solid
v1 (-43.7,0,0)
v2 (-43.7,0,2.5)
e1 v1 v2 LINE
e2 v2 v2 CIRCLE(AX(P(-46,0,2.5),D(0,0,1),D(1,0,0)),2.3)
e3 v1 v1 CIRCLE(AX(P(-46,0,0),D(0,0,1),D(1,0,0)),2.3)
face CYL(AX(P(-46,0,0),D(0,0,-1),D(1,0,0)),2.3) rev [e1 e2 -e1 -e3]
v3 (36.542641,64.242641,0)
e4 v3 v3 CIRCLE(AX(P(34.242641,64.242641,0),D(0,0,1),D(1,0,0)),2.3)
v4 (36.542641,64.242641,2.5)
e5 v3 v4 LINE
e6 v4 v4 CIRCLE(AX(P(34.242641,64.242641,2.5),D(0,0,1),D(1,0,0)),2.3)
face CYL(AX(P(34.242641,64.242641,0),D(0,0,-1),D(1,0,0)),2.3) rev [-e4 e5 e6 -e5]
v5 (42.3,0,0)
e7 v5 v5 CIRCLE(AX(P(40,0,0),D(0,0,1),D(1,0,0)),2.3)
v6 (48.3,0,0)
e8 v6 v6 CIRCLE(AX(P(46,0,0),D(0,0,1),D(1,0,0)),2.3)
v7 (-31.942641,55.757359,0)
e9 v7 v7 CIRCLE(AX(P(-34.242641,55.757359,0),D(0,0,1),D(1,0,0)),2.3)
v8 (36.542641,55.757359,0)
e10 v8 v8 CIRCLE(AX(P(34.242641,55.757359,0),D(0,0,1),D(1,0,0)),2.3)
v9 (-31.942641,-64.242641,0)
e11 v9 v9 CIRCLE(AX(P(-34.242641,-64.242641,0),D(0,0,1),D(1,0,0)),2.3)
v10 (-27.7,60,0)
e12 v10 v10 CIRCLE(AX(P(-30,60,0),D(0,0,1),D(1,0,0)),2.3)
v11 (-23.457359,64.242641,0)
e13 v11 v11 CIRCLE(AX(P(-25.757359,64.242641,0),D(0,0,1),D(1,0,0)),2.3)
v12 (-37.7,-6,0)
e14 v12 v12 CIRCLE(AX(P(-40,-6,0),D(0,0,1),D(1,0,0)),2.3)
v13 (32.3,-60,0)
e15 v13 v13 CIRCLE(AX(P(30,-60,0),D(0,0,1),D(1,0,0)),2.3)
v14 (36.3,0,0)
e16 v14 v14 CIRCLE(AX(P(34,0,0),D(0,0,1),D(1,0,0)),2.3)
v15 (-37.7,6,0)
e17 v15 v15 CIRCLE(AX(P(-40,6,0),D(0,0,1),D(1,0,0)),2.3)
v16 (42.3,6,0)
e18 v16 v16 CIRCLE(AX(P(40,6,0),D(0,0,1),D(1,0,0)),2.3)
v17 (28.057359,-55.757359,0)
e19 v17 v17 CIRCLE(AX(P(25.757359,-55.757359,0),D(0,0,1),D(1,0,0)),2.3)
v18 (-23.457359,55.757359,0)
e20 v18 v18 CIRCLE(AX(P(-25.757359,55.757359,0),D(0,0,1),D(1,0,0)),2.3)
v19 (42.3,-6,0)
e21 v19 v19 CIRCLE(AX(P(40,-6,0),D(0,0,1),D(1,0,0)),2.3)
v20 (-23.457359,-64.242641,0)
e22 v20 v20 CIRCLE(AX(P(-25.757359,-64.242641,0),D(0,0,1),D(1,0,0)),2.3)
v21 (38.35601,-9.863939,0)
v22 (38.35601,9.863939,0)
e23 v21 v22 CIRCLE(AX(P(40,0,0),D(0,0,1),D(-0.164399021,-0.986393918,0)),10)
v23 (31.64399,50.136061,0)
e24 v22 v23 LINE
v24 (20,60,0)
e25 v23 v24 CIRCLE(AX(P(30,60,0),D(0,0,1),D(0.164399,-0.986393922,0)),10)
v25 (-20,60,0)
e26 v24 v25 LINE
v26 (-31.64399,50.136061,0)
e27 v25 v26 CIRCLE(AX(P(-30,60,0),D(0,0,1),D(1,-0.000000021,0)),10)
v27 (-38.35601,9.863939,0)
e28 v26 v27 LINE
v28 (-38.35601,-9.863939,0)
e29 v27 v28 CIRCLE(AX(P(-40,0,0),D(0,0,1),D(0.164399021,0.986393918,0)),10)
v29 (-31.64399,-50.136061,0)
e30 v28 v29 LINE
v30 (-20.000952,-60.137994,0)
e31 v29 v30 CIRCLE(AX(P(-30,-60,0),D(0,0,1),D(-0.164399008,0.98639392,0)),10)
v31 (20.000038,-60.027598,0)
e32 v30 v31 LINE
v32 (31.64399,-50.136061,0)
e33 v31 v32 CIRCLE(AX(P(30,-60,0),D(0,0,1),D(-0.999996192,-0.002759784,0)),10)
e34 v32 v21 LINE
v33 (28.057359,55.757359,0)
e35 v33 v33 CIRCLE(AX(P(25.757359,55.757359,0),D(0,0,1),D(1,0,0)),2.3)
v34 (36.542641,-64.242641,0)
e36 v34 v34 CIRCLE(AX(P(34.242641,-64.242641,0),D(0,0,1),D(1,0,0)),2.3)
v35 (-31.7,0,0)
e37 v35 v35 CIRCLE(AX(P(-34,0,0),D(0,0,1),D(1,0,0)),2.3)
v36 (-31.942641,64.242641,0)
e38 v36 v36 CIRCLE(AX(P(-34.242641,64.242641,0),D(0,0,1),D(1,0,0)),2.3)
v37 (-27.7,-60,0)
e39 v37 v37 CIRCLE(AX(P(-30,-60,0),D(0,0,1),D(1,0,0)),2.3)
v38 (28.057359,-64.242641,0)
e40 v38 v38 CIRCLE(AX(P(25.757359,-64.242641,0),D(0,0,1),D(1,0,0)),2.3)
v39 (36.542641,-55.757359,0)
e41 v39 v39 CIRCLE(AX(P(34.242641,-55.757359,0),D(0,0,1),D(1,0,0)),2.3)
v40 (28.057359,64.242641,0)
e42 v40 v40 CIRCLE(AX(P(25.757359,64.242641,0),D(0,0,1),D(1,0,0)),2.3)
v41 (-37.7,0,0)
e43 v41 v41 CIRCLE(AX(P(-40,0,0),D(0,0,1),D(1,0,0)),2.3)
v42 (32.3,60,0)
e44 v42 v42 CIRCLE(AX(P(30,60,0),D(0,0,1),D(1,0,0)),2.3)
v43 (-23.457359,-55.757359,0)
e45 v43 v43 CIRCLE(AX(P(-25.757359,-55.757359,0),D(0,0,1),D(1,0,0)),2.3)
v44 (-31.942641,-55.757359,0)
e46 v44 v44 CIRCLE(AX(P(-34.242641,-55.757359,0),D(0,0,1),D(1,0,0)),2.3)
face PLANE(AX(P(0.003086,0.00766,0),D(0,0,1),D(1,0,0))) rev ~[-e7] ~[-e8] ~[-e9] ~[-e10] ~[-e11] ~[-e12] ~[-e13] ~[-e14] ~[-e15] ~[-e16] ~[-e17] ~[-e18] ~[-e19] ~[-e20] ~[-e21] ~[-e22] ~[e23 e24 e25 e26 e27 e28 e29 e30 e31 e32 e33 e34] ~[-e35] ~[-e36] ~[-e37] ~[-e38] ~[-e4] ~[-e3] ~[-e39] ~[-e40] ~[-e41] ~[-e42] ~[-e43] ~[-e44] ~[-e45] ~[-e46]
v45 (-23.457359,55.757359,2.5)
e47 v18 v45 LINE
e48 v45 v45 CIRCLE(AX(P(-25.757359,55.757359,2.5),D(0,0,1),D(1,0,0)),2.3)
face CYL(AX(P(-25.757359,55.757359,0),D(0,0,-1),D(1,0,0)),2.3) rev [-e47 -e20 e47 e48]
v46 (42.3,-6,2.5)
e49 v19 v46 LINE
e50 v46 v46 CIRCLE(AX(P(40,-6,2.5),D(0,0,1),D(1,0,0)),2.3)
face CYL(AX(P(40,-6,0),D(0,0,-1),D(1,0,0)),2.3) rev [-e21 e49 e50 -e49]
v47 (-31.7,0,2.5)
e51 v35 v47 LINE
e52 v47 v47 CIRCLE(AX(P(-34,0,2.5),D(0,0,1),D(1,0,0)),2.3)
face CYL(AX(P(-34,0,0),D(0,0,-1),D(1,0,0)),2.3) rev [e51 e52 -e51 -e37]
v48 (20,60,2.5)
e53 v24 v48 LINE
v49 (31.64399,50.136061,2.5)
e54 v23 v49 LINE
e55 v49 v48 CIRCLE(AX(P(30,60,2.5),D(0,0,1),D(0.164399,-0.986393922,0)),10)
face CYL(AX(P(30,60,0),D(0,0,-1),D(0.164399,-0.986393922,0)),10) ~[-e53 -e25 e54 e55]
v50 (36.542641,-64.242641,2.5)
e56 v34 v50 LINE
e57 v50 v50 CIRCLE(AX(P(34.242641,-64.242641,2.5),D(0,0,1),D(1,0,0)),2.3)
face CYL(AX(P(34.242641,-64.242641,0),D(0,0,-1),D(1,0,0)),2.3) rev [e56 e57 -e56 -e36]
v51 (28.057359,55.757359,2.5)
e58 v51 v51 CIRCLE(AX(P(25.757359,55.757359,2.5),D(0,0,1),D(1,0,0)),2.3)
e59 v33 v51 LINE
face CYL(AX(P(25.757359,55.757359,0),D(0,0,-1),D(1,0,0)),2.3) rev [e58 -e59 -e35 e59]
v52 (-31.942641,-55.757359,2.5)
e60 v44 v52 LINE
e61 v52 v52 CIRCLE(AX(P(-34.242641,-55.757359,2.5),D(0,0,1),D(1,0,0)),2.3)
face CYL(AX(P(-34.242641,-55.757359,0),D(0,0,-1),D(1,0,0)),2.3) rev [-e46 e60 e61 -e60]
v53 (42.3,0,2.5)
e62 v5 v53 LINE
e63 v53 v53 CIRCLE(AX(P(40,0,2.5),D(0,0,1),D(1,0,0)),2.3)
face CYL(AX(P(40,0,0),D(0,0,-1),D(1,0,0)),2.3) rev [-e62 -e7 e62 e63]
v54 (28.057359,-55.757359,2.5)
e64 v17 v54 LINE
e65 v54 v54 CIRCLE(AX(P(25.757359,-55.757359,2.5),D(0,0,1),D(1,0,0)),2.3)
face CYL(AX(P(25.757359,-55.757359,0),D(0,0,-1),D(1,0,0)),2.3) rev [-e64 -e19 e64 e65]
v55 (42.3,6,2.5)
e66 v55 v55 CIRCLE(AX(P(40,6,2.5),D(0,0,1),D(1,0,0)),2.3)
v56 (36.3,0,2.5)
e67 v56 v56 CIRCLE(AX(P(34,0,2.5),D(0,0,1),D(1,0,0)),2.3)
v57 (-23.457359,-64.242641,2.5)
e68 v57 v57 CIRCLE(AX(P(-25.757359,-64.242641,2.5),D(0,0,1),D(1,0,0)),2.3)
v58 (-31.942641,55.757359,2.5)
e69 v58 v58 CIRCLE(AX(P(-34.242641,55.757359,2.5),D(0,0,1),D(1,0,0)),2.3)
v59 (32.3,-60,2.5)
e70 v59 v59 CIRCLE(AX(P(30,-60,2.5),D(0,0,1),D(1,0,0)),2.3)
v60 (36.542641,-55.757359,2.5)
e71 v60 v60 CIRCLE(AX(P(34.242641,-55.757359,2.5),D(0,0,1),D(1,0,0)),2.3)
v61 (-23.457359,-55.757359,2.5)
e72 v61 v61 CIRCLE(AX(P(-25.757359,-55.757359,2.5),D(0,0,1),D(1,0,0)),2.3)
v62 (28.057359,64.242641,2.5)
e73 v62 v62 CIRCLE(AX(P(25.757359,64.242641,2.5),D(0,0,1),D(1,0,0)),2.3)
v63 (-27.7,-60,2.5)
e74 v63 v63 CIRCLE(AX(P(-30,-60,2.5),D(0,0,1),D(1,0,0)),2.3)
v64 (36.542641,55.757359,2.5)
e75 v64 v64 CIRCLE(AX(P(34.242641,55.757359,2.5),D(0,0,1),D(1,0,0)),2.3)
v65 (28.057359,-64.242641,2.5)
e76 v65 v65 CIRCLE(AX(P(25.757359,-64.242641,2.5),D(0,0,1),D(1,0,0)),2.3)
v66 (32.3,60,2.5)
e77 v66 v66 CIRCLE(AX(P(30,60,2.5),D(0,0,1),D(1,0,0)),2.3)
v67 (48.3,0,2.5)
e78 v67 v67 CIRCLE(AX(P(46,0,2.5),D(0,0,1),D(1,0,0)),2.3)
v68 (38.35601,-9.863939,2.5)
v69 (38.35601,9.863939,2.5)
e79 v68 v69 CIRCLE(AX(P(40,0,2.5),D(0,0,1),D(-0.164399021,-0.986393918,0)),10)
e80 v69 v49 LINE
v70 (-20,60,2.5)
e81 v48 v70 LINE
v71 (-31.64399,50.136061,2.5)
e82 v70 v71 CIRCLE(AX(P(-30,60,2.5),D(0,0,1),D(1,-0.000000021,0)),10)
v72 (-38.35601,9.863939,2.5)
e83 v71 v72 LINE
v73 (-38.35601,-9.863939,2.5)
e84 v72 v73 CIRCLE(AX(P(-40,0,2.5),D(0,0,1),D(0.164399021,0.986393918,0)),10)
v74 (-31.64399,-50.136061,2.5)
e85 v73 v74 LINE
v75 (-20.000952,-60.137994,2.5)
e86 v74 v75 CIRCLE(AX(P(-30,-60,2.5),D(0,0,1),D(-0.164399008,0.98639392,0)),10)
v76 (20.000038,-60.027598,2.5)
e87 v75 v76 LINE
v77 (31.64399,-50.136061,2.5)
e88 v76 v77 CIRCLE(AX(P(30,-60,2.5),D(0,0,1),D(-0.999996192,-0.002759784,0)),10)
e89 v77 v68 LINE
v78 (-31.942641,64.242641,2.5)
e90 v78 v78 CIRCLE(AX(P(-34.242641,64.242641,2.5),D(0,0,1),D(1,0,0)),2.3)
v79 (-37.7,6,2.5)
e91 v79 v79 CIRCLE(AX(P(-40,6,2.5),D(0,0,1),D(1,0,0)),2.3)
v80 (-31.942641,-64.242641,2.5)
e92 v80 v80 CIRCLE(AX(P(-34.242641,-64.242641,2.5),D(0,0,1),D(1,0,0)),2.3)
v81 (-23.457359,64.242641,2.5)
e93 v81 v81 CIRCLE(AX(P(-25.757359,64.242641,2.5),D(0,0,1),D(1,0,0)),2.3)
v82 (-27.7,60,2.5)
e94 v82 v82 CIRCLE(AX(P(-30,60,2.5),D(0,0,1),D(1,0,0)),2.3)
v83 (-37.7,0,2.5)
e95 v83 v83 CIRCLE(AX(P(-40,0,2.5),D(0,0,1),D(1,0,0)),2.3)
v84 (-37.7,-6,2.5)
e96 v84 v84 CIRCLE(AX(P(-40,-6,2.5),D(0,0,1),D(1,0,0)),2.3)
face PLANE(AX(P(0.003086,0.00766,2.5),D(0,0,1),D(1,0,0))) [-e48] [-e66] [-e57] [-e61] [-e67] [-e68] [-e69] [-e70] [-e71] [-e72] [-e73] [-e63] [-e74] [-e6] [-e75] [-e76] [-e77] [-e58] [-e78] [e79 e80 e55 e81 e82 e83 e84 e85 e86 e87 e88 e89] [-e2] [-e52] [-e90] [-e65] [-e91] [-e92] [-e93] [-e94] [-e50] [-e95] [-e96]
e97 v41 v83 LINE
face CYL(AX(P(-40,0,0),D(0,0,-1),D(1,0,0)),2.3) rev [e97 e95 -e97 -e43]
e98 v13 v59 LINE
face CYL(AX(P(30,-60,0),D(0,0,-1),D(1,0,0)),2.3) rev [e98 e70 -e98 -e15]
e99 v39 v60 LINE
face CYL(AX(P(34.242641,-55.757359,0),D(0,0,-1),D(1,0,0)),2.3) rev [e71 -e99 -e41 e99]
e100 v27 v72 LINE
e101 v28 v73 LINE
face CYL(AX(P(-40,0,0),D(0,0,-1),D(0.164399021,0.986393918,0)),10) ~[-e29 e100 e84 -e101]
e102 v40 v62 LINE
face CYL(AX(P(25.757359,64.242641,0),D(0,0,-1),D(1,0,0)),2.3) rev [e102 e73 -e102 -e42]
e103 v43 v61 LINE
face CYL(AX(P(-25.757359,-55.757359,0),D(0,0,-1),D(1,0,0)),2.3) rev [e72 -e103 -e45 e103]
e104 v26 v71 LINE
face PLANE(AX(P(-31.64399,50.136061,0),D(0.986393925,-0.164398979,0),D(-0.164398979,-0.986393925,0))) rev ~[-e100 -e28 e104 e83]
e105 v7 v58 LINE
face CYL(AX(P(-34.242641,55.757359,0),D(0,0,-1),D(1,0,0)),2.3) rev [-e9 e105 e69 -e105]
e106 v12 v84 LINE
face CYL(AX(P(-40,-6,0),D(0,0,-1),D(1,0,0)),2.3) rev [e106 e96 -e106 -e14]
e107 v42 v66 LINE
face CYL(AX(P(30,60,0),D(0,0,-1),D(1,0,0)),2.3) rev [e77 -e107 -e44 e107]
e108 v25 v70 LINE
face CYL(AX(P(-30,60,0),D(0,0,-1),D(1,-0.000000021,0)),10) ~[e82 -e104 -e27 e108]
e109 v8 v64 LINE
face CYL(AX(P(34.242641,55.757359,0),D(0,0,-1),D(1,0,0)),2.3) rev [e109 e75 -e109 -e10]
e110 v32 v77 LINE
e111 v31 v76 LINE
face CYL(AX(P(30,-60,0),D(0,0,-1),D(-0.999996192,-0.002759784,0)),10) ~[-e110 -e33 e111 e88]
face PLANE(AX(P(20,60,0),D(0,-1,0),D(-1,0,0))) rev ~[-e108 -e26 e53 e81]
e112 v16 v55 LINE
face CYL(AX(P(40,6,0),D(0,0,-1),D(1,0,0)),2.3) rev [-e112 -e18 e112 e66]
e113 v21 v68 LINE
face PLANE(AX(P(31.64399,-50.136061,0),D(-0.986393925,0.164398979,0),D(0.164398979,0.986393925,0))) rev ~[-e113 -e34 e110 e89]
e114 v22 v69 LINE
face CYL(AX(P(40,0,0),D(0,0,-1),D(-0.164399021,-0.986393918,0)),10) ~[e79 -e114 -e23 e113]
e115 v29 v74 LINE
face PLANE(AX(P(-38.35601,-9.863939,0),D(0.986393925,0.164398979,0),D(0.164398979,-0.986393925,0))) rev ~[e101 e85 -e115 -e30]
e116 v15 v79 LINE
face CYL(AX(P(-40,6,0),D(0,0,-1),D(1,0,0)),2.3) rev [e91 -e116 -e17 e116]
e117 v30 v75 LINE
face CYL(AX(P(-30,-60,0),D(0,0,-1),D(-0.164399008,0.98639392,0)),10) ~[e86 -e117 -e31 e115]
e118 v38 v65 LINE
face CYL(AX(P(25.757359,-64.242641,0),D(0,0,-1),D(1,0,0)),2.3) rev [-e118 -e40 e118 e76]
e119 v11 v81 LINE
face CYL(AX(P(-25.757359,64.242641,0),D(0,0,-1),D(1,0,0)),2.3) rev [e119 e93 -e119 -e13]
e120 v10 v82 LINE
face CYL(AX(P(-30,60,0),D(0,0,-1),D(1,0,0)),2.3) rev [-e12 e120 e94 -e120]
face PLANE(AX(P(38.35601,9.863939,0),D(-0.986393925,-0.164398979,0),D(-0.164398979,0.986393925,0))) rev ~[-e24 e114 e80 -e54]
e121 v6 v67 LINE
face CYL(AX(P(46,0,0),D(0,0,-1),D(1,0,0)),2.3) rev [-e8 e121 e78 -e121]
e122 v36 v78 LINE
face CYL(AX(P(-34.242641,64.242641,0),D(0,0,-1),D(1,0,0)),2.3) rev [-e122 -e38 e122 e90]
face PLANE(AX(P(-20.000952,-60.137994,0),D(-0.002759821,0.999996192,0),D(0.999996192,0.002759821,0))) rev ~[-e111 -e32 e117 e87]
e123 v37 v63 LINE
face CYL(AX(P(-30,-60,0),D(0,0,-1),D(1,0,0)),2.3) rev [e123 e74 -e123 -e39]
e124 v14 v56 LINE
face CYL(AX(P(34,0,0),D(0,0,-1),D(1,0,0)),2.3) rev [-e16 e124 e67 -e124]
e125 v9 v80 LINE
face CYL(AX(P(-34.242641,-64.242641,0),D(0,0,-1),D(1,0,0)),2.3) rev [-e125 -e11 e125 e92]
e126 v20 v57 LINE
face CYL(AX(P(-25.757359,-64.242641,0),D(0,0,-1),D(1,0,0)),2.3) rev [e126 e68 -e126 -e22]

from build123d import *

# Parameters (mm, degrees)
F0_R     = 2.3
F1_DEPTH = 2.5


with BuildPart() as f1:
    # F0 (on Top) → F1 (new body)
    with BuildSketch(Plane.XY):
        with BuildLine():
            Line((-31.64399, 50.136061), (-38.35601, 9.863939))
            ThreePointArc((-38.35601, 9.863939), (-50, 0), (-38.35601, -9.863939))
            Line((-38.35601, -9.863939), (-31.64399, -50.136061))
            ThreePointArc((-31.64399, -50.136061), (-36.516243, -67.585419), (-20.000952, -60.137994))
            Line((-20.000952, -60.137994), (20.000038, -60.027598))
            ThreePointArc((20.000038, -60.027598), (36.474272, -67.621273), (31.64399, -50.136061))
            Line((31.64399, -50.136061), (38.35601, -9.863939))
            ThreePointArc((38.35601, -9.863939), (50, 0), (38.35601, 9.863939))
            Line((38.35601, 9.863939), (31.64399, 50.136061))
            ThreePointArc((31.64399, 50.136061), (36.463749, 67.6302), (20, 60))
            Line((20, 60), (-20, 60))
            ThreePointArc((-20, 60), (-36.463749, 67.6302), (-31.64399, 50.136061))
        make_face()
        with Locations((-34.242641, -64.242641)):
            Circle(F0_R, mode=Mode.SUBTRACT)
        with Locations((-25.757359, -64.242641)):
            Circle(F0_R, mode=Mode.SUBTRACT)
        with Locations((-34.242641, -55.757359)):
            Circle(F0_R, mode=Mode.SUBTRACT)
        with Locations((-30, -60)):
            Circle(F0_R, mode=Mode.SUBTRACT)
        with Locations((-25.757359, -55.757359)):
            Circle(F0_R, mode=Mode.SUBTRACT)
        with Locations((-40, -6)):
            Circle(F0_R, mode=Mode.SUBTRACT)
        with Locations((25.757359, -64.242641)):
            Circle(F0_R, mode=Mode.SUBTRACT)
        with Locations((34.242641, -64.242641)):
            Circle(F0_R, mode=Mode.SUBTRACT)
        with Locations((30, -60)):
            Circle(F0_R, mode=Mode.SUBTRACT)
        with Locations((25.757359, -55.757359)):
            Circle(F0_R, mode=Mode.SUBTRACT)
        with Locations((34.242641, -55.757359)):
            Circle(F0_R, mode=Mode.SUBTRACT)
        with Locations((40, -6)):
            Circle(F0_R, mode=Mode.SUBTRACT)
        with Locations((-46, 0)):
            Circle(F0_R, mode=Mode.SUBTRACT)
        with Locations((-40, 0)):
            Circle(F0_R, mode=Mode.SUBTRACT)
        with Locations((-40, 6)):
            Circle(F0_R, mode=Mode.SUBTRACT)
        with Locations((-34, 0)):
            Circle(F0_R, mode=Mode.SUBTRACT)
        with Locations((-34.242641, 55.757359)):
            Circle(F0_R, mode=Mode.SUBTRACT)
        with Locations((-25.757359, 55.757359)):
            Circle(F0_R, mode=Mode.SUBTRACT)
        with Locations((-30, 60)):
            Circle(F0_R, mode=Mode.SUBTRACT)
        with Locations((-34.242641, 64.242641)):
            Circle(F0_R, mode=Mode.SUBTRACT)
        with Locations((-25.757359, 64.242641)):
            Circle(F0_R, mode=Mode.SUBTRACT)
        with Locations((34, 0)):
            Circle(F0_R, mode=Mode.SUBTRACT)
        with Locations((40, 0)):
            Circle(F0_R, mode=Mode.SUBTRACT)
        with Locations((40, 6)):
            Circle(F0_R, mode=Mode.SUBTRACT)
        with Locations((46, 0)):
            Circle(F0_R, mode=Mode.SUBTRACT)
        with Locations((25.757359, 55.757359)):
            Circle(F0_R, mode=Mode.SUBTRACT)
        with Locations((30, 60)):
            Circle(F0_R, mode=Mode.SUBTRACT)
        with Locations((34.242641, 55.757359)):
            Circle(F0_R, mode=Mode.SUBTRACT)
        with Locations((25.757359, 64.242641)):
            Circle(F0_R, mode=Mode.SUBTRACT)
        with Locations((34.242641, 64.242641)):
            Circle(F0_R, mode=Mode.SUBTRACT)
    extrude(amount=F1_DEPTH)


solid = f1.part
